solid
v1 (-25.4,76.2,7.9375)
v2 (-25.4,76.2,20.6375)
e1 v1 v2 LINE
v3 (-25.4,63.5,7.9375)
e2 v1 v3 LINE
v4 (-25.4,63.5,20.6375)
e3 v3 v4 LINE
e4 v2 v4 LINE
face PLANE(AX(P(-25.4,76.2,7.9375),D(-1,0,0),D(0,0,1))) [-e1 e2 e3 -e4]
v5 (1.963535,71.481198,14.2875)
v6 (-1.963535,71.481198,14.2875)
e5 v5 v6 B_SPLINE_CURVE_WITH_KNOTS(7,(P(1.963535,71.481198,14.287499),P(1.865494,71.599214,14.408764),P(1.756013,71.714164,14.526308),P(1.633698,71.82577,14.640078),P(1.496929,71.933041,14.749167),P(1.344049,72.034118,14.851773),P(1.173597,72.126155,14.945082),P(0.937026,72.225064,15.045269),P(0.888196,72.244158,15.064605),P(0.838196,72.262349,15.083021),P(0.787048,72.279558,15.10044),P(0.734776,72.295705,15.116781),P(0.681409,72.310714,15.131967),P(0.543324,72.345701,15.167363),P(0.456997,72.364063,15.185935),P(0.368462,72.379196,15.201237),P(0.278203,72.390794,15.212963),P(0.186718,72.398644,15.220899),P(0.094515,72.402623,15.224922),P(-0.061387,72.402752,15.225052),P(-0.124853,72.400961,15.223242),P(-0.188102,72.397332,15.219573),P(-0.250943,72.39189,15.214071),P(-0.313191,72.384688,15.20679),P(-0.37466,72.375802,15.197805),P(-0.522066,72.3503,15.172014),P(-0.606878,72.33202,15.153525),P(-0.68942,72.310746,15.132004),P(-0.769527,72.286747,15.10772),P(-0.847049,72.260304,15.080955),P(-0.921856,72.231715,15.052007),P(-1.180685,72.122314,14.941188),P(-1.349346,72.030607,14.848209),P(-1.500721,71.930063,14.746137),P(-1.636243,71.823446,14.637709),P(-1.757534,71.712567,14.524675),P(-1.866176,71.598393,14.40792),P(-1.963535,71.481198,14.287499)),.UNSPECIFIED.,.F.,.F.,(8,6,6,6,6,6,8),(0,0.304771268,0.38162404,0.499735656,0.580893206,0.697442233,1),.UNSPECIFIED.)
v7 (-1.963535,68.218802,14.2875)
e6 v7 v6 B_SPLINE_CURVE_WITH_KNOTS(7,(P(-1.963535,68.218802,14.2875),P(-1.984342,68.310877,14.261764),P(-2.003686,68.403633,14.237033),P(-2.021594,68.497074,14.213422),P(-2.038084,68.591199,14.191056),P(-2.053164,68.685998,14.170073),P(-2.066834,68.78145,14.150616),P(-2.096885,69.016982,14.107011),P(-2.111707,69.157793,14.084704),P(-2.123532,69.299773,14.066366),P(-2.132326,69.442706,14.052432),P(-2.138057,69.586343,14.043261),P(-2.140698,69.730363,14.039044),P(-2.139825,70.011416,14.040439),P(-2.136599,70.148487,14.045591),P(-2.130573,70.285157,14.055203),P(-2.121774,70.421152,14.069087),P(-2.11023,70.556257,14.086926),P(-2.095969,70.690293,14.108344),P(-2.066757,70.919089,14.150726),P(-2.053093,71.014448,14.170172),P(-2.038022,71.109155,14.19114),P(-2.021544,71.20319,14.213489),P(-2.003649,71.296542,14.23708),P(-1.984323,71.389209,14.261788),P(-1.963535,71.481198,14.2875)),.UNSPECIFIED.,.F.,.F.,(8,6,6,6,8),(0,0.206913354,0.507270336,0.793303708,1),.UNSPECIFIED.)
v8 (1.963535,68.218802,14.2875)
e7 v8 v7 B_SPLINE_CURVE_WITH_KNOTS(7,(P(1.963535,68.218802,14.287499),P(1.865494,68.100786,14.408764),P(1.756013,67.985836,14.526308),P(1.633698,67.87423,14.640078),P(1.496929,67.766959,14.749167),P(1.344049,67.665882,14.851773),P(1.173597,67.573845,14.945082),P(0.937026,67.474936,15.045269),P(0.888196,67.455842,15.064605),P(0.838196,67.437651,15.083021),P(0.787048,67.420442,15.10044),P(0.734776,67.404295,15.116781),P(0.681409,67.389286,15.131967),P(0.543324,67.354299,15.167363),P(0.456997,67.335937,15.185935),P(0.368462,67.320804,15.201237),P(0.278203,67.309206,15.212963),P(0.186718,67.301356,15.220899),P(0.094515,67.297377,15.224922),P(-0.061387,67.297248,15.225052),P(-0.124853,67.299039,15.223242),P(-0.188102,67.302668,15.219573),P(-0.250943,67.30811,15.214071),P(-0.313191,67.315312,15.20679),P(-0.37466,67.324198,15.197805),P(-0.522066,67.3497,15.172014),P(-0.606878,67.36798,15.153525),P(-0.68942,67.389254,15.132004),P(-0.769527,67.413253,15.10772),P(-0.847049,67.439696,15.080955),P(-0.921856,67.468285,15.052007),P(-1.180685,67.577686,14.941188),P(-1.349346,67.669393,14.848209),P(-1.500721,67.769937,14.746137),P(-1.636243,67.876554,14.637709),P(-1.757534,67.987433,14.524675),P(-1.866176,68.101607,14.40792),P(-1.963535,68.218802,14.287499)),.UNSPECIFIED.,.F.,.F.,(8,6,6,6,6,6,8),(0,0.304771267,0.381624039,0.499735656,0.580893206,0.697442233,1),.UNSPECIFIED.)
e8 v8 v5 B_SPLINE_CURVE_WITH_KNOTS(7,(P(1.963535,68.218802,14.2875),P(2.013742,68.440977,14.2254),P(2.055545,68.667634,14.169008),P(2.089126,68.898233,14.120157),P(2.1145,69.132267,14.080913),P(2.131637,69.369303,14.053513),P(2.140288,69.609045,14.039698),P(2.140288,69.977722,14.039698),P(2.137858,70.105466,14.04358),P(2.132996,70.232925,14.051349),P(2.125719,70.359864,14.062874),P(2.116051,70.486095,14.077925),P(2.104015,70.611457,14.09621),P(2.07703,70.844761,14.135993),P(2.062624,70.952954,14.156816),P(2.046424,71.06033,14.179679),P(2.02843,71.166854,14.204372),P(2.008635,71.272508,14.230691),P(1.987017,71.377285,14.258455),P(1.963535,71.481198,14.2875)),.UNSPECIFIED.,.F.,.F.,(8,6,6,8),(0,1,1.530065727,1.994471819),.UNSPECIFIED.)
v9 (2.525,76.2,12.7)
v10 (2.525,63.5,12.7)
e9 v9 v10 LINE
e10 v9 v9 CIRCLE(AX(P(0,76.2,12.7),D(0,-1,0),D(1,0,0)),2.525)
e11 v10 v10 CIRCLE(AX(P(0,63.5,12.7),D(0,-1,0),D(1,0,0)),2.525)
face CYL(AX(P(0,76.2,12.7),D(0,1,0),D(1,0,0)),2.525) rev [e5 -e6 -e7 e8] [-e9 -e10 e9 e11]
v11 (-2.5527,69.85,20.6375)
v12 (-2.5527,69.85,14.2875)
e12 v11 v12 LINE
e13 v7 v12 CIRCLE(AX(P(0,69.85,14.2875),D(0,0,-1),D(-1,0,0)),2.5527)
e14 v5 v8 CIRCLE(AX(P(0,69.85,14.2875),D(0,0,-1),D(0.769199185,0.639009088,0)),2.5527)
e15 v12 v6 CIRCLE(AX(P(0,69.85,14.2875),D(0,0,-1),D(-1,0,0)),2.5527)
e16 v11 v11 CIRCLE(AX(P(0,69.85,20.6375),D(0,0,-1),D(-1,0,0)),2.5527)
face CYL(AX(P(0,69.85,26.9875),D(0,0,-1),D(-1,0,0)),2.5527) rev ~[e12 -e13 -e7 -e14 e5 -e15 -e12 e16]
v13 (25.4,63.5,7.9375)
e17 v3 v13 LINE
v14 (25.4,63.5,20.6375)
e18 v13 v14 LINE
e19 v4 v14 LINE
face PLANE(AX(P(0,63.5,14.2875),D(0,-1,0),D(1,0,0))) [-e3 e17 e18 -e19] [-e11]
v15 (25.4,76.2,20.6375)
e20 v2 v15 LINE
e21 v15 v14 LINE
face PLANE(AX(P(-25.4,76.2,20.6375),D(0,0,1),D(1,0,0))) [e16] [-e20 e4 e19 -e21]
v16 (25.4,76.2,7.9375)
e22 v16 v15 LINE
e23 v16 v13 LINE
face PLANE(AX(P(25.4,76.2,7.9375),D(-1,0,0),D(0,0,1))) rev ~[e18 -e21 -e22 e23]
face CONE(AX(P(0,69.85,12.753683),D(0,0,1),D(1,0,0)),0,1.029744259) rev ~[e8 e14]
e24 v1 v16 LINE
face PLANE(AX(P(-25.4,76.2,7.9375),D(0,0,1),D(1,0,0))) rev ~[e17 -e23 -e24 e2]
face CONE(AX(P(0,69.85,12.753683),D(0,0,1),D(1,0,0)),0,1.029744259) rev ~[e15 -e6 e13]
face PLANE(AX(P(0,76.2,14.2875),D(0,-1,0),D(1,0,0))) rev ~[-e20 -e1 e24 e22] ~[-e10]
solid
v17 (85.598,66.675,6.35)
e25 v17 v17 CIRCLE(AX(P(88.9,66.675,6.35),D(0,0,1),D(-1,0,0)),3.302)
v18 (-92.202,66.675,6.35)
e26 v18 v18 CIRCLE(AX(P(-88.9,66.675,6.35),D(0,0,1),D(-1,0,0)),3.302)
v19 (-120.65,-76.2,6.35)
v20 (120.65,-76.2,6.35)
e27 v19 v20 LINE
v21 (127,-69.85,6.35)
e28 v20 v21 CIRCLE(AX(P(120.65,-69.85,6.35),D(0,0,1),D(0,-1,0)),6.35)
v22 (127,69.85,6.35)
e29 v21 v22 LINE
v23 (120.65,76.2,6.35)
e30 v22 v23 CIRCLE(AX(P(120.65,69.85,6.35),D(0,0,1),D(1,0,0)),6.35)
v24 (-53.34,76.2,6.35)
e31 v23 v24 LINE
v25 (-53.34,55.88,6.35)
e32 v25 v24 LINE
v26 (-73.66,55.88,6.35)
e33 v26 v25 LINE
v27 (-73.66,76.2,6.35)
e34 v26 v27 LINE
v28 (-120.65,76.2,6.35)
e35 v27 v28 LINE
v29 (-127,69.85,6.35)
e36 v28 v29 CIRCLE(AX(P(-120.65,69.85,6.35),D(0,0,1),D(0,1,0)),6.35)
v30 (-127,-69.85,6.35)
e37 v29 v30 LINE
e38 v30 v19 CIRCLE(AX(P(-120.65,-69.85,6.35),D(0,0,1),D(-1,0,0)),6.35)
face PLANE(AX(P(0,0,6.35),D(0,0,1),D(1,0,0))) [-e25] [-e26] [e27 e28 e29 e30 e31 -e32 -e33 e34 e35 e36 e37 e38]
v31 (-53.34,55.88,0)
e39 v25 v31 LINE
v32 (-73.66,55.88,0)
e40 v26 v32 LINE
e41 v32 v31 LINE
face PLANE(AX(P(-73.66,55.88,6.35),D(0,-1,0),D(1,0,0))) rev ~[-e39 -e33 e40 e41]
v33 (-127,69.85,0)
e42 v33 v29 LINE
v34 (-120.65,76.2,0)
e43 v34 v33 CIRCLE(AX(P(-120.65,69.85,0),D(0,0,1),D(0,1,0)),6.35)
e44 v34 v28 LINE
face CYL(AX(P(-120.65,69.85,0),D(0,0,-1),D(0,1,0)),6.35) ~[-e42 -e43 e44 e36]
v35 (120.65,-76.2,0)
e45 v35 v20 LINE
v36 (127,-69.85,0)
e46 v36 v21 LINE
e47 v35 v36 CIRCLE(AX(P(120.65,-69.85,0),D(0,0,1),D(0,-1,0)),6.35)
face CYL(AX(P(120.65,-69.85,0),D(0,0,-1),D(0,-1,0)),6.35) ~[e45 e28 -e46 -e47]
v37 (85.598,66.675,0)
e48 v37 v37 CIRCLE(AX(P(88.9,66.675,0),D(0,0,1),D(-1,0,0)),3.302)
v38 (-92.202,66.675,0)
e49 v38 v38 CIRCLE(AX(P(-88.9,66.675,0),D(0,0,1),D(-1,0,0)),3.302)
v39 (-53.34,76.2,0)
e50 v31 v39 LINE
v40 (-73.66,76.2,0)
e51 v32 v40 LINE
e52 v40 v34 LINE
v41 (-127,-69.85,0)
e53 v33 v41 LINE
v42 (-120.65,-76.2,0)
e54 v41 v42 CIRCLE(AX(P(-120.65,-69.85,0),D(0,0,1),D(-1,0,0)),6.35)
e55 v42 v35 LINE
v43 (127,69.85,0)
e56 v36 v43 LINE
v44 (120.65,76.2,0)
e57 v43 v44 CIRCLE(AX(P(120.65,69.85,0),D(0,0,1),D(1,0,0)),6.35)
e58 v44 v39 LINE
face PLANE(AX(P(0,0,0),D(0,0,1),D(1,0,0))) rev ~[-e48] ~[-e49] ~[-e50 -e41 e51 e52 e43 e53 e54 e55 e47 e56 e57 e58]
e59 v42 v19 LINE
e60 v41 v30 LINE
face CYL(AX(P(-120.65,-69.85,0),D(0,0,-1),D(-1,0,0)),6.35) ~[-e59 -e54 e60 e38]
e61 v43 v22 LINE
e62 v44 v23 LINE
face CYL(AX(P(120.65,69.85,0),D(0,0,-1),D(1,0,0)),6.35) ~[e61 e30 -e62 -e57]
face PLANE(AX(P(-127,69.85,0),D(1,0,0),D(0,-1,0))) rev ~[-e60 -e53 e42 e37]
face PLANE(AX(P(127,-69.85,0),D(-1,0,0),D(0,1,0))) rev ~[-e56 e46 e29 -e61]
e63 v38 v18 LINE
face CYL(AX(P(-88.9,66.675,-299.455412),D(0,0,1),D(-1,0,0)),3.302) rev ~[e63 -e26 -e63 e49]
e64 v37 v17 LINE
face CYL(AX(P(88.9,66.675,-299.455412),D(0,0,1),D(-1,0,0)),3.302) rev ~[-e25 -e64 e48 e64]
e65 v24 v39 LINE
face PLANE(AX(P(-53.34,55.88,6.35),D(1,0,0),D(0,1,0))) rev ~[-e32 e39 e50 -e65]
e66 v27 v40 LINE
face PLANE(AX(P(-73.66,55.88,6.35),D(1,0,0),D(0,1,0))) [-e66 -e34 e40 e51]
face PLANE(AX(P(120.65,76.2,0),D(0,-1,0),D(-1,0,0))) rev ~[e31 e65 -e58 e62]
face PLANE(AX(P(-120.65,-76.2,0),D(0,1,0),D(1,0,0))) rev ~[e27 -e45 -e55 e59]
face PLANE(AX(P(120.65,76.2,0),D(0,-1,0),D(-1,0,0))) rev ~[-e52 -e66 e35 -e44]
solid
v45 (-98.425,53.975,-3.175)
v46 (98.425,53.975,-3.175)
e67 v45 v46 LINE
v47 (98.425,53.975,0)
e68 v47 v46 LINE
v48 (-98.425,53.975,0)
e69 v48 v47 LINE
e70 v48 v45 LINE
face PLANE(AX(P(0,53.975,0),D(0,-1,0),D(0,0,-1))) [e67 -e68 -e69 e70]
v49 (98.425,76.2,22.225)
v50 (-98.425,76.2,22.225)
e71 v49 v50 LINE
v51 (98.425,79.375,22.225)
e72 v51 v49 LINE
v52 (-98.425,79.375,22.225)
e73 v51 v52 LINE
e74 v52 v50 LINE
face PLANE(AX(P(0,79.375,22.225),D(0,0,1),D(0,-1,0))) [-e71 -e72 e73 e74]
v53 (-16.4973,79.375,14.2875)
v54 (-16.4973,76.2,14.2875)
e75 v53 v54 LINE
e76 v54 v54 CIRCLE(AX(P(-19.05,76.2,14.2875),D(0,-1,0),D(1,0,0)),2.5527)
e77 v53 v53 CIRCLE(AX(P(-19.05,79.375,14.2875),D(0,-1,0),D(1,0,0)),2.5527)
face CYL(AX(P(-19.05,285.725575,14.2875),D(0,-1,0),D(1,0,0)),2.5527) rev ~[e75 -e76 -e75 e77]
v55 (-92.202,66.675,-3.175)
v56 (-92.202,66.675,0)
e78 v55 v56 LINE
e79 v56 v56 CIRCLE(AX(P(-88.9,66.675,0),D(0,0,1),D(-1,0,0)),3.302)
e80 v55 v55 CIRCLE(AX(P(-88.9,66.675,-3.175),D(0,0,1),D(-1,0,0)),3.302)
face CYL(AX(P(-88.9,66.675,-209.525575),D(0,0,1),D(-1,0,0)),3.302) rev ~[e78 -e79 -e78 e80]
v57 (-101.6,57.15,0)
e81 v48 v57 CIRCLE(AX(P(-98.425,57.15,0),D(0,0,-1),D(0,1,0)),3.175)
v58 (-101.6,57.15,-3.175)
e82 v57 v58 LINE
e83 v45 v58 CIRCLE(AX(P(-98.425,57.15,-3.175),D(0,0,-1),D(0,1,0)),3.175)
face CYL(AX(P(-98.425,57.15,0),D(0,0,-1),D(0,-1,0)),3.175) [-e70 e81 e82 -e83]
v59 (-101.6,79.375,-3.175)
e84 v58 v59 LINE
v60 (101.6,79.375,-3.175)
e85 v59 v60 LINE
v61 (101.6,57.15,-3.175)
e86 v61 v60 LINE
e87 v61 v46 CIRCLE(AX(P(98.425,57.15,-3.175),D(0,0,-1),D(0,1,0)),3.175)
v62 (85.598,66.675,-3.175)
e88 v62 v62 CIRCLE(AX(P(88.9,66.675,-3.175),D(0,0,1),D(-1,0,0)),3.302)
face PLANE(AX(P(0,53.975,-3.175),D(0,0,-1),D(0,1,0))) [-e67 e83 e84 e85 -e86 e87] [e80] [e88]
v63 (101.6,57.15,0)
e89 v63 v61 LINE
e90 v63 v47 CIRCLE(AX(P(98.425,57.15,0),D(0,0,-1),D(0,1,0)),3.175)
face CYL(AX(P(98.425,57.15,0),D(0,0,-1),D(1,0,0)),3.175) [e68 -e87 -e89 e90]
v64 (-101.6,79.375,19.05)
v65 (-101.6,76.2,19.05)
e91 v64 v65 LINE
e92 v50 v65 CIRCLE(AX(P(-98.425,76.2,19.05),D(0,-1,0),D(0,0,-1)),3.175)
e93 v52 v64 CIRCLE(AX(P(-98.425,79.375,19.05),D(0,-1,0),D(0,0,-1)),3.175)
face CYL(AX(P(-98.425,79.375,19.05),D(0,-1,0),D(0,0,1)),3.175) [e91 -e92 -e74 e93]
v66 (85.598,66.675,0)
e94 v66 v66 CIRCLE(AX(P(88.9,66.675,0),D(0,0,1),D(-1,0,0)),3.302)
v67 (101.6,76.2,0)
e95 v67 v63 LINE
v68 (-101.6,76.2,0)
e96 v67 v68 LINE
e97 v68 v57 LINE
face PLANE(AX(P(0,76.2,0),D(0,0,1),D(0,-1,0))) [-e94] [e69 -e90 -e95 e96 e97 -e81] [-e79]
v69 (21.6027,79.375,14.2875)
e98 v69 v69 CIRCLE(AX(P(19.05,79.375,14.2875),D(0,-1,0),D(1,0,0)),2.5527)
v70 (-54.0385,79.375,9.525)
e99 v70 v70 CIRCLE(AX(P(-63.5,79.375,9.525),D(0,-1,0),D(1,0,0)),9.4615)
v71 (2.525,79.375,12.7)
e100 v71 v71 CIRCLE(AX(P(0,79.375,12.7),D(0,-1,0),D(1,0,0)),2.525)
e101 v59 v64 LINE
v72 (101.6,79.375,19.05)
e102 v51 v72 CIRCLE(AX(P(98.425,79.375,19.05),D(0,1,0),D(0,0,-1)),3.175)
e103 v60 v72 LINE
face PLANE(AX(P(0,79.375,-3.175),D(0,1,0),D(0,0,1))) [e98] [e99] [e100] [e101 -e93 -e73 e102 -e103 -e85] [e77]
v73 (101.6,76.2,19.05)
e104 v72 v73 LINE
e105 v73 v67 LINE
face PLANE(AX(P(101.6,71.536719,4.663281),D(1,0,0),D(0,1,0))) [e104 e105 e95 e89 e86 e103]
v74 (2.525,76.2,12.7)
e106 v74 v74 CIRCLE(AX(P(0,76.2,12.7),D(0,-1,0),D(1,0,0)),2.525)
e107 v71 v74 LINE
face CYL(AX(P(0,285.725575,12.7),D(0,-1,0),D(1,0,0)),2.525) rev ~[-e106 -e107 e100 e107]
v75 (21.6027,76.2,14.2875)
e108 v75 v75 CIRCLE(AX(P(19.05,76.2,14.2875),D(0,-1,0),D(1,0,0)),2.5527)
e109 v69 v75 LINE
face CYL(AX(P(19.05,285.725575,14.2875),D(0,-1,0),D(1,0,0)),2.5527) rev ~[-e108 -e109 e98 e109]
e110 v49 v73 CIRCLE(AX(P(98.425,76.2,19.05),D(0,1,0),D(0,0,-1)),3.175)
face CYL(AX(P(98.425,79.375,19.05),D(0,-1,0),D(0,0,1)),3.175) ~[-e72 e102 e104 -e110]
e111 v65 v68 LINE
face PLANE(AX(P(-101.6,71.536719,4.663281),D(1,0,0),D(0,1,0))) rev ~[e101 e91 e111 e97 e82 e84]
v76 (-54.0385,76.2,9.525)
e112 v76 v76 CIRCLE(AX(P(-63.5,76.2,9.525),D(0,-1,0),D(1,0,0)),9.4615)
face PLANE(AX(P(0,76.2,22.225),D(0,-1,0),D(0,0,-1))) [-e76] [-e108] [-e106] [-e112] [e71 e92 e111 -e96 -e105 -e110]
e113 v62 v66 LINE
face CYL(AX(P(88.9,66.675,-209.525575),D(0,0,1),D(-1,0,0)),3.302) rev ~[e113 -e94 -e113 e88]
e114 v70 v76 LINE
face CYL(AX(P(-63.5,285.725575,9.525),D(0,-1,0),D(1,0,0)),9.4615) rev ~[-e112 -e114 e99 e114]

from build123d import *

# Parameters (mm, degrees)
F1_DEPTH  = 6.35
F3_DEPTH  = 101.6
F4_R      = 3.175
F6_D      = 6.604
F6_2_D    = 6.604
F8_D      = 5.05
F9_W      = 50.8
F9_H      = 12.7
F9_R      = 2.525
F10_DEPTH = 12.7
F12_D     = 5.1054
F15_D     = 18.923
F16_D     = 5.1054
F16_DEPTH = 6.35
F16_TIP   = 1.5338169022
F17_W     = 20.32
F17_H     = 20.32
F18_DEPTH = 6.35


with BuildPart() as f1:
    # F0 (on Top) → F1 (new body)
    with BuildSketch(Plane.XY):
        with BuildLine():
            Line((120.65, 76.2), (-120.65, 76.2))
            ThreePointArc((-120.65, 76.2), (-125.1401280605, 74.3401280605), (-127, 69.85))
            Line((-127, 69.85), (-127, -69.85))
            ThreePointArc((-127, -69.85), (-125.1401280605, -74.3401280605), (-120.65, -76.2))
            Line((-120.65, -76.2), (120.65, -76.2))
            ThreePointArc((120.65, -76.2), (125.1401280605, -74.3401280605), (127, -69.85))
            Line((127, -69.85), (127, 69.85))
            ThreePointArc((127, 69.85), (125.1401280605, 74.3401280605), (120.65, 76.2))
        make_face()
    extrude(amount=F1_DEPTH)

    # F6 (through all)
    with Locations(Plane(origin=(0, 0, -3.175), x_dir=(1, 0, 0), z_dir=(0, 0, -1))):
        with Locations((-88.9, -66.675), (88.9, -66.675)):
            Hole(F6_D / 2)

    # F17 (on face) → F18 (cut, through all)
    with BuildSketch(Plane.XY.offset(6.35)):
        with Locations((-63.5, 66.04)):
            Rectangle(F17_W, F17_H)
    extrude(amount=-F18_DEPTH, mode=Mode.SUBTRACT)


with BuildPart() as f3:
    # F2 (on Right) → F3 (new body, symmetric)
    with BuildSketch(Plane.YZ):
        Polygon((76.2, 0), (53.975, 0), (53.975, -3.175), (79.375, -3.175), (79.375, 22.225), (76.2, 22.225), (76.2, 6.35), align=None)
    extrude(amount=F3_DEPTH, both=True)

    # F4
    f4_edges = [f3.edges().sort_by_distance(p)[0] for p in [
        (-101.6, 53.975, -1.5875),
        (101.6, 53.975, -1.5875),
        (101.6, 77.7875, 22.225),
        (-101.6, 77.7875, 22.225),
    ]]
    fillet(f4_edges, radius=F4_R)

    # F6#2 (through all)
    with Locations(Plane(origin=(0, 0, -3.175), x_dir=(1, 0, 0), z_dir=(0, 0, -1))):
        with Locations((-88.9, -66.675), (88.9, -66.675)):
            Hole(F6_2_D / 2)

    # F8 (through all)
    with Locations(Plane(origin=(0, 79.375, 0), x_dir=(-1, 0, 0), z_dir=(0, 1, 0))):
        with Locations((0, 12.7)):
            Hole(F8_D / 2)

    # F12 (through all)
    with Locations(Plane(origin=(0, 79.375, 0), x_dir=(-1, 0, 0), z_dir=(0, 1, 0))):
        with Locations((-19.05, 14.2875), (19.05, 14.2875)):
            Hole(F12_D / 2)

    # F15 (through all)
    with Locations(Plane(origin=(0, 79.375, 0), x_dir=(-1, 0, 0), z_dir=(0, 1, 0))):
        with Locations((63.5, 9.525)):
            Hole(F15_D / 2)


with BuildPart() as f10:
    # F9 (on face) → F10 (new body)
    with BuildSketch(Plane.XZ.offset(-76.2)):
        with Locations((0, 14.2875)):
            Rectangle(F9_W, F9_H)
        with Locations((0, 12.7)):
            Circle(F9_R, mode=Mode.SUBTRACT)
    extrude(amount=F10_DEPTH)

    # F16
    with Locations(Plane.XY.offset(20.6375)):
        with Locations((0, 69.85)):
            Hole(F16_D / 2, depth=F16_DEPTH)
            with Locations((0, 0, -(F16_DEPTH + F16_TIP / 2))):  # 118° drill point
                Cone(0, F16_D / 2, F16_TIP, mode=Mode.SUBTRACT)


solid = Compound([f1.part, f3.part, f10.part])
